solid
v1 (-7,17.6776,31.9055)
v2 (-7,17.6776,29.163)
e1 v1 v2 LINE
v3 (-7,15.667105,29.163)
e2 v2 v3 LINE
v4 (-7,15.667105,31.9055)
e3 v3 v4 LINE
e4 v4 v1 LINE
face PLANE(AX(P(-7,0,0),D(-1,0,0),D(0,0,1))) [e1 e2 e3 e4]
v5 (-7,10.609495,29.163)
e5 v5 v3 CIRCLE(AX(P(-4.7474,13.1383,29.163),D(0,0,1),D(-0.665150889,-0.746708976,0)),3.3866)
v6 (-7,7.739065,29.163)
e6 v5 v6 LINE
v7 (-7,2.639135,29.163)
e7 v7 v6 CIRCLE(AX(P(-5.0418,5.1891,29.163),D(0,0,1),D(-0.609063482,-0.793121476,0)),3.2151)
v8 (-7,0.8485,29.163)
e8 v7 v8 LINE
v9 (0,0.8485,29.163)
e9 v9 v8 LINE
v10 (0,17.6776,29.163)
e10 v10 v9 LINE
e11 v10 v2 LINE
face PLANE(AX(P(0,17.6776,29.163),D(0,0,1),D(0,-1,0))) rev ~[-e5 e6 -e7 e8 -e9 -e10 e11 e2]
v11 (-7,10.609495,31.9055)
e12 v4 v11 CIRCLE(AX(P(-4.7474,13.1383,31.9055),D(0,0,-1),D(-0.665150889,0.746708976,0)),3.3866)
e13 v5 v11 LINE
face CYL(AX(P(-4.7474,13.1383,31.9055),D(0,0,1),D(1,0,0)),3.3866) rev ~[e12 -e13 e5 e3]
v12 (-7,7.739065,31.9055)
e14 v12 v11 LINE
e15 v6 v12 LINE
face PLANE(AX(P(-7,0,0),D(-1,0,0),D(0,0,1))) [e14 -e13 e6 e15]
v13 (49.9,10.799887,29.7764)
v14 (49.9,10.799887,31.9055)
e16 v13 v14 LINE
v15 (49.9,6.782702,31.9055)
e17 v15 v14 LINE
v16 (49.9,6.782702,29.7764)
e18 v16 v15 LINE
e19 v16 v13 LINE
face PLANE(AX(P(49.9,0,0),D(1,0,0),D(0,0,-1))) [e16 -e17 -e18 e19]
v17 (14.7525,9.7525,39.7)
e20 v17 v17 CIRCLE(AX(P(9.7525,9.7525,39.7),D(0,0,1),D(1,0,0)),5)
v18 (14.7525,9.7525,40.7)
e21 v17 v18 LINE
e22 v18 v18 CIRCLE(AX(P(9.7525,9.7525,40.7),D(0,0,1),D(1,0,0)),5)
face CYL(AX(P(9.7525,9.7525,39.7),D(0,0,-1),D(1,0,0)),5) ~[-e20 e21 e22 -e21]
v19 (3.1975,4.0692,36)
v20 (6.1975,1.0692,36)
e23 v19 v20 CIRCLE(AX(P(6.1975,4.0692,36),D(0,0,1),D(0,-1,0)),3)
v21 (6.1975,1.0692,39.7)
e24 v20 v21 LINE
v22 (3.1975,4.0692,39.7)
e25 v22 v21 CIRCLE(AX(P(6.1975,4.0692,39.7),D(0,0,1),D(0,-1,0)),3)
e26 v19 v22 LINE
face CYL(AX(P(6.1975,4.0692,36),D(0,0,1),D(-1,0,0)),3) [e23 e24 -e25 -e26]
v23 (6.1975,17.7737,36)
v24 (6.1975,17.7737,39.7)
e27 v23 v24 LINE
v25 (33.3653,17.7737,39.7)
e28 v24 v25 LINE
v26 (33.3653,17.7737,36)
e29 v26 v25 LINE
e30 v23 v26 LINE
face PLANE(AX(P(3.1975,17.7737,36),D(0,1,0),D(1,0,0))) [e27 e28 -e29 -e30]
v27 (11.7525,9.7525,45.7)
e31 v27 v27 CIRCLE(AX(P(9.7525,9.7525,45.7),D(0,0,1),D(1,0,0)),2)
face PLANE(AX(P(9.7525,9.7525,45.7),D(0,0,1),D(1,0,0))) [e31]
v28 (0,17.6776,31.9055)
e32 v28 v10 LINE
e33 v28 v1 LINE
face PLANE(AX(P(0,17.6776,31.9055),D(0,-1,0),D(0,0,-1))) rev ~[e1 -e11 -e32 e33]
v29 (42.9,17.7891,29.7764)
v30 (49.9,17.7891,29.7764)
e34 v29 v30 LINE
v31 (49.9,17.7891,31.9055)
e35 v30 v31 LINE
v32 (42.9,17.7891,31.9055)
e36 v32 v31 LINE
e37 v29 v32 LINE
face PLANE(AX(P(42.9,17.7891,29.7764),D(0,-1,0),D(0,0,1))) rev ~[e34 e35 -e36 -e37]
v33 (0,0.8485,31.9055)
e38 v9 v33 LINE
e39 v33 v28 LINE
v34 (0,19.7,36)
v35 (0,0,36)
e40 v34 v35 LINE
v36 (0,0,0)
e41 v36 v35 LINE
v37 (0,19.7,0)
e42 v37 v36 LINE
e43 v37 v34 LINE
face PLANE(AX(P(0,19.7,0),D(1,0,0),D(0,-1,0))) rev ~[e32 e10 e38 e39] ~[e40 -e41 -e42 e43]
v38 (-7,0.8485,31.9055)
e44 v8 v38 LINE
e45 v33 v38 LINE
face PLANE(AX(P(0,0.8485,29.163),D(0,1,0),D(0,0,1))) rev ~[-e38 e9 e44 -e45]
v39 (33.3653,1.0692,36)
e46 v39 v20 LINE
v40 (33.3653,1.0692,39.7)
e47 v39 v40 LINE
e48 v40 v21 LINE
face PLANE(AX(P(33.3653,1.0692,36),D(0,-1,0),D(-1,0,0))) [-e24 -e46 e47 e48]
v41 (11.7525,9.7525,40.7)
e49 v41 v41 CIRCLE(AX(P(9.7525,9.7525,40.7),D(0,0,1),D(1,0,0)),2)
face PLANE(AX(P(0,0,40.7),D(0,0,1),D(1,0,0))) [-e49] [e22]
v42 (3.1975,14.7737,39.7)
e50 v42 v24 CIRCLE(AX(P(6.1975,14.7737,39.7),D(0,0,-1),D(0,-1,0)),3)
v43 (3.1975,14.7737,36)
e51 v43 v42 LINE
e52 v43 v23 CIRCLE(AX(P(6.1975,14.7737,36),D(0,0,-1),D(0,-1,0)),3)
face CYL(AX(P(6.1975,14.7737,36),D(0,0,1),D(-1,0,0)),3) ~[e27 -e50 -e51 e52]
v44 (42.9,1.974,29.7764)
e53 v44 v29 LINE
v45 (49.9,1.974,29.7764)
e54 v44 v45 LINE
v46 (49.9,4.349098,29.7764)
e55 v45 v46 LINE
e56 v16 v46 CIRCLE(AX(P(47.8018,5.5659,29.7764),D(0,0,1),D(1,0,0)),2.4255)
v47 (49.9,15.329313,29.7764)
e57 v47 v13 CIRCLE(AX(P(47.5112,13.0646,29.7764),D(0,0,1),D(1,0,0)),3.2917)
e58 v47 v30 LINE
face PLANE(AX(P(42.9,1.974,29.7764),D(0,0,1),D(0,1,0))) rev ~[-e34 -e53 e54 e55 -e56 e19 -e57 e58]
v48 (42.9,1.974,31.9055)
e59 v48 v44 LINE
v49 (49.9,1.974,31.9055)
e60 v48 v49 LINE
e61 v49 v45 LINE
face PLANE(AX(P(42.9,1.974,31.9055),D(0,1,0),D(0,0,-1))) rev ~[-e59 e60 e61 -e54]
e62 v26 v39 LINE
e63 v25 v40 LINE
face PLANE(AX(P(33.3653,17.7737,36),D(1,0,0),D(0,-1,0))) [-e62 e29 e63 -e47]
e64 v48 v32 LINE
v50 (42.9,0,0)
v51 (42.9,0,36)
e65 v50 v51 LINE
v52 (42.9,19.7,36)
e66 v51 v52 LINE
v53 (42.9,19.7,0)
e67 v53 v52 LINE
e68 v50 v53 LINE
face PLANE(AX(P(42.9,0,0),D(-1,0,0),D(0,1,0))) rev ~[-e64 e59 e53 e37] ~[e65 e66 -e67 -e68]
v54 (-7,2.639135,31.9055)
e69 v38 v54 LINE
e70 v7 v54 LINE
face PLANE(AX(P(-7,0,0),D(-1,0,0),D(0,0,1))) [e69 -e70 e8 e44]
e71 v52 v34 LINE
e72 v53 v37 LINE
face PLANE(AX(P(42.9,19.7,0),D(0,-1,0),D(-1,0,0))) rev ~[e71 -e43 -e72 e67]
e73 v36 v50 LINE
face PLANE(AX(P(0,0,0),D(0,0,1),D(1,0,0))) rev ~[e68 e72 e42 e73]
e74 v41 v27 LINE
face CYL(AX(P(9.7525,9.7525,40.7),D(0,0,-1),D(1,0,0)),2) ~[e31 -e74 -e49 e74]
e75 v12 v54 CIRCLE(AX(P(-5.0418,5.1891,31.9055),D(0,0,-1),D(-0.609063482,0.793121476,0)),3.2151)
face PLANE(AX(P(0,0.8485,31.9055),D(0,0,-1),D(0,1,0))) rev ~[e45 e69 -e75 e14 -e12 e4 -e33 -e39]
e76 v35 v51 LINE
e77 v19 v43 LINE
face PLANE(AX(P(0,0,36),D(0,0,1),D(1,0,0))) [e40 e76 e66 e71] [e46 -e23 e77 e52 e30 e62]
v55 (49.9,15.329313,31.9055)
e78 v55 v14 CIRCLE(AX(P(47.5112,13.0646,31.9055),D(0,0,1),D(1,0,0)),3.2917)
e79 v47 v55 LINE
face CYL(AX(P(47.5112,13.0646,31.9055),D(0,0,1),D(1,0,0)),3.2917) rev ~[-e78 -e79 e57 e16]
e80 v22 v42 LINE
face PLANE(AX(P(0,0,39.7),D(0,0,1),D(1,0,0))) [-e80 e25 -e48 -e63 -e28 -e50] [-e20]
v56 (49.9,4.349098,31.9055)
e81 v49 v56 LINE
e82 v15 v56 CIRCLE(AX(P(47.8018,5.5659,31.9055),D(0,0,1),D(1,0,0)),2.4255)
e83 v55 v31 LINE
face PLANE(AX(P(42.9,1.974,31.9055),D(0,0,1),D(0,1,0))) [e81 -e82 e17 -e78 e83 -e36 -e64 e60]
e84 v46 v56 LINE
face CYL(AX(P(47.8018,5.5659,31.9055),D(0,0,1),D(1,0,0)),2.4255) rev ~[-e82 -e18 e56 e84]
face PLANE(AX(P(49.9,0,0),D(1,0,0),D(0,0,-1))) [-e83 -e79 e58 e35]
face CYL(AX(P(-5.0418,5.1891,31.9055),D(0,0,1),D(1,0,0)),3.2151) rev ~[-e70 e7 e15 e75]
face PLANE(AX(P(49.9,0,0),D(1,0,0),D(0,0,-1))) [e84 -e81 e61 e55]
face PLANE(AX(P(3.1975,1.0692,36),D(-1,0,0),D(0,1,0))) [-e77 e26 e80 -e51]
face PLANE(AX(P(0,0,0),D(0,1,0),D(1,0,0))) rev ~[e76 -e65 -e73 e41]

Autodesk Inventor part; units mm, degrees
ref_plane "YZ Plane" through (0, 0, 0) normal (1, 0, 0) x (0, 1, 0)
ref_plane "XZ Plane" through (0, 0, 0) normal (0, 1, 0) x (-1, 0, 0)
ref_plane "XY Plane" through (0, 0, 0) normal (0, 0, 1) x (1, 0, 0)
sketch "Sketch1" plane through (0, 0, 0) normal (0, 0, 1) x (1, 0, 0)
  line L0 (0, 0) -> (42.9, 0)
  line L1 (42.9, 0) -> (42.9, 19.7)
  line L2 (42.9, 19.7) -> (0, 19.7)
  line L3 (0, 19.7) -> (0, 0)
  dimension "d0" = 42.9
  dimension "d1" = 19.7
extrude "Extrusion1" add sketch "Sketch1" along normal blind 36
sketch "Sketch2" plane through (0, 0, 36) normal (0, 0, 1) x (1, 0, 0)
  line L0 (3.1975, 17.7737) -> (33.3653, 17.7737)
  line L1 (33.3653, 17.7737) -> (33.3653, 1.0692)
  line L2 (33.3653, 1.0692) -> (3.1975, 1.0692)
  line L3 (3.1975, 1.0692) -> (3.1975, 17.7737)
  point P0 (0, 0)
extrude "Extrusion2" add sketch "Sketch2" along normal blind 3.7
fillet "Fillet1" radius 3 1 edges at (3.1975, 1.0692, 37.85)
fillet "Fillet2" radius 3 1 edges at (3.1975, 17.7737, 37.85)
sketch "Sketch3" plane through (0, 0, 39.7) normal (0, 0, 1) x (1, 0, 0)
  circle A0 centre (9.7525, 9.7525) radius 5
  point P0 (0, 0)
  dimension "d8" = 10
extrude "Extrusion3" add sketch "Sketch3" along normal blind 1
sketch "Sketch4" plane through (9.7525, 9.7525, 40.7) normal (0, 0, 1) x (1, 0, 0)
  circle A0 centre (0, 0) radius 2
  point P0 (-9.7525, -9.7525)
  dimension "d11" = 4
extrude "Extrusion4" add sketch "Sketch4" along normal blind 5
sketch "Sketch5" plane through (0, 0, 0) normal (-1, 0, 0) x (0, 0, 1)
  line L0 (31.9055, 17.6776) -> (29.163, 17.6776)
  line L1 (29.163, 17.6776) -> (29.163, 0.8485)
  line L2 (29.163, 0.8485) -> (31.9055, 0.8485)
  line L3 (31.9055, 0.8485) -> (31.9055, 17.6776)
  point P0 (0, 0)
extrude "Extrusion5" add sketch "Sketch5" along normal blind 7
sketch "Sketch6" plane through (0, 0.8485, 31.9055) normal (0, 0, 1) x (1, 0, 0)
  circle A0 centre (-4.7474, 12.2898) radius 3.3866
  point P0 (0, -0.8485)
extrude "Extrusion6" cut sketch "Sketch6" against normal through all
sketch "Sketch7" plane through (0, 0.8485, 31.9055) normal (0, 0, 1) x (1, 0, 0)
  circle A0 centre (-5.0418, 4.3406) radius 3.2151
  point P0 (0, -0.8485)
extrude "Extrusion7" cut sketch "Sketch7" against normal blind 7
sketch "Sketch8" plane through (42.9, 0, 0) normal (1, 0, 0) x (0, 0, -1)
  line L0 (-31.9055, 1.974) -> (-31.9055, 8.4041) projected
  line L1 (-31.9055, 1.974) -> (-29.7764, 1.974)
  line L2 (-29.7764, 1.974) -> (-29.7764, 17.7891)
  line L3 (-29.7764, 17.7891) -> (-31.9055, 17.7891)
  line L4 (-31.9055, 17.7891) -> (-31.9055, 1.974)
  point P0 (0, 0)
  point P1 (-31.9055, 7.739)
  point P2 (-31.9055, 2.6391)
extrude "Extrusion8" add sketch "Sketch8" along normal blind 7
sketch "Sketch9" plane through (42.9, 1.974, 31.9055) normal (0, 0, 1) x (1, 0, 0)
  circle A0 centre (4.9018, 3.5919) radius 2.4255
  point P0 (-42.9, -1.974)
extrude "Extrusion9" cut sketch "Sketch9" against normal blind 7
sketch "Sketch10" plane through (42.9, 1.974, 31.9055) normal (0, 0, 1) x (1, 0, 0)
  circle A0 centre (4.6112, 11.0906) radius 3.2917
  point P0 (-42.9, -1.974)
extrude "Extrusion10" cut sketch "Sketch10" against normal blind 7
sketch "Sketch11" plane through (0, 0, 36) normal (0, 0, 1) x (1, 0, 0)
  point P0 (0, 0)
properties part number "sorting"
